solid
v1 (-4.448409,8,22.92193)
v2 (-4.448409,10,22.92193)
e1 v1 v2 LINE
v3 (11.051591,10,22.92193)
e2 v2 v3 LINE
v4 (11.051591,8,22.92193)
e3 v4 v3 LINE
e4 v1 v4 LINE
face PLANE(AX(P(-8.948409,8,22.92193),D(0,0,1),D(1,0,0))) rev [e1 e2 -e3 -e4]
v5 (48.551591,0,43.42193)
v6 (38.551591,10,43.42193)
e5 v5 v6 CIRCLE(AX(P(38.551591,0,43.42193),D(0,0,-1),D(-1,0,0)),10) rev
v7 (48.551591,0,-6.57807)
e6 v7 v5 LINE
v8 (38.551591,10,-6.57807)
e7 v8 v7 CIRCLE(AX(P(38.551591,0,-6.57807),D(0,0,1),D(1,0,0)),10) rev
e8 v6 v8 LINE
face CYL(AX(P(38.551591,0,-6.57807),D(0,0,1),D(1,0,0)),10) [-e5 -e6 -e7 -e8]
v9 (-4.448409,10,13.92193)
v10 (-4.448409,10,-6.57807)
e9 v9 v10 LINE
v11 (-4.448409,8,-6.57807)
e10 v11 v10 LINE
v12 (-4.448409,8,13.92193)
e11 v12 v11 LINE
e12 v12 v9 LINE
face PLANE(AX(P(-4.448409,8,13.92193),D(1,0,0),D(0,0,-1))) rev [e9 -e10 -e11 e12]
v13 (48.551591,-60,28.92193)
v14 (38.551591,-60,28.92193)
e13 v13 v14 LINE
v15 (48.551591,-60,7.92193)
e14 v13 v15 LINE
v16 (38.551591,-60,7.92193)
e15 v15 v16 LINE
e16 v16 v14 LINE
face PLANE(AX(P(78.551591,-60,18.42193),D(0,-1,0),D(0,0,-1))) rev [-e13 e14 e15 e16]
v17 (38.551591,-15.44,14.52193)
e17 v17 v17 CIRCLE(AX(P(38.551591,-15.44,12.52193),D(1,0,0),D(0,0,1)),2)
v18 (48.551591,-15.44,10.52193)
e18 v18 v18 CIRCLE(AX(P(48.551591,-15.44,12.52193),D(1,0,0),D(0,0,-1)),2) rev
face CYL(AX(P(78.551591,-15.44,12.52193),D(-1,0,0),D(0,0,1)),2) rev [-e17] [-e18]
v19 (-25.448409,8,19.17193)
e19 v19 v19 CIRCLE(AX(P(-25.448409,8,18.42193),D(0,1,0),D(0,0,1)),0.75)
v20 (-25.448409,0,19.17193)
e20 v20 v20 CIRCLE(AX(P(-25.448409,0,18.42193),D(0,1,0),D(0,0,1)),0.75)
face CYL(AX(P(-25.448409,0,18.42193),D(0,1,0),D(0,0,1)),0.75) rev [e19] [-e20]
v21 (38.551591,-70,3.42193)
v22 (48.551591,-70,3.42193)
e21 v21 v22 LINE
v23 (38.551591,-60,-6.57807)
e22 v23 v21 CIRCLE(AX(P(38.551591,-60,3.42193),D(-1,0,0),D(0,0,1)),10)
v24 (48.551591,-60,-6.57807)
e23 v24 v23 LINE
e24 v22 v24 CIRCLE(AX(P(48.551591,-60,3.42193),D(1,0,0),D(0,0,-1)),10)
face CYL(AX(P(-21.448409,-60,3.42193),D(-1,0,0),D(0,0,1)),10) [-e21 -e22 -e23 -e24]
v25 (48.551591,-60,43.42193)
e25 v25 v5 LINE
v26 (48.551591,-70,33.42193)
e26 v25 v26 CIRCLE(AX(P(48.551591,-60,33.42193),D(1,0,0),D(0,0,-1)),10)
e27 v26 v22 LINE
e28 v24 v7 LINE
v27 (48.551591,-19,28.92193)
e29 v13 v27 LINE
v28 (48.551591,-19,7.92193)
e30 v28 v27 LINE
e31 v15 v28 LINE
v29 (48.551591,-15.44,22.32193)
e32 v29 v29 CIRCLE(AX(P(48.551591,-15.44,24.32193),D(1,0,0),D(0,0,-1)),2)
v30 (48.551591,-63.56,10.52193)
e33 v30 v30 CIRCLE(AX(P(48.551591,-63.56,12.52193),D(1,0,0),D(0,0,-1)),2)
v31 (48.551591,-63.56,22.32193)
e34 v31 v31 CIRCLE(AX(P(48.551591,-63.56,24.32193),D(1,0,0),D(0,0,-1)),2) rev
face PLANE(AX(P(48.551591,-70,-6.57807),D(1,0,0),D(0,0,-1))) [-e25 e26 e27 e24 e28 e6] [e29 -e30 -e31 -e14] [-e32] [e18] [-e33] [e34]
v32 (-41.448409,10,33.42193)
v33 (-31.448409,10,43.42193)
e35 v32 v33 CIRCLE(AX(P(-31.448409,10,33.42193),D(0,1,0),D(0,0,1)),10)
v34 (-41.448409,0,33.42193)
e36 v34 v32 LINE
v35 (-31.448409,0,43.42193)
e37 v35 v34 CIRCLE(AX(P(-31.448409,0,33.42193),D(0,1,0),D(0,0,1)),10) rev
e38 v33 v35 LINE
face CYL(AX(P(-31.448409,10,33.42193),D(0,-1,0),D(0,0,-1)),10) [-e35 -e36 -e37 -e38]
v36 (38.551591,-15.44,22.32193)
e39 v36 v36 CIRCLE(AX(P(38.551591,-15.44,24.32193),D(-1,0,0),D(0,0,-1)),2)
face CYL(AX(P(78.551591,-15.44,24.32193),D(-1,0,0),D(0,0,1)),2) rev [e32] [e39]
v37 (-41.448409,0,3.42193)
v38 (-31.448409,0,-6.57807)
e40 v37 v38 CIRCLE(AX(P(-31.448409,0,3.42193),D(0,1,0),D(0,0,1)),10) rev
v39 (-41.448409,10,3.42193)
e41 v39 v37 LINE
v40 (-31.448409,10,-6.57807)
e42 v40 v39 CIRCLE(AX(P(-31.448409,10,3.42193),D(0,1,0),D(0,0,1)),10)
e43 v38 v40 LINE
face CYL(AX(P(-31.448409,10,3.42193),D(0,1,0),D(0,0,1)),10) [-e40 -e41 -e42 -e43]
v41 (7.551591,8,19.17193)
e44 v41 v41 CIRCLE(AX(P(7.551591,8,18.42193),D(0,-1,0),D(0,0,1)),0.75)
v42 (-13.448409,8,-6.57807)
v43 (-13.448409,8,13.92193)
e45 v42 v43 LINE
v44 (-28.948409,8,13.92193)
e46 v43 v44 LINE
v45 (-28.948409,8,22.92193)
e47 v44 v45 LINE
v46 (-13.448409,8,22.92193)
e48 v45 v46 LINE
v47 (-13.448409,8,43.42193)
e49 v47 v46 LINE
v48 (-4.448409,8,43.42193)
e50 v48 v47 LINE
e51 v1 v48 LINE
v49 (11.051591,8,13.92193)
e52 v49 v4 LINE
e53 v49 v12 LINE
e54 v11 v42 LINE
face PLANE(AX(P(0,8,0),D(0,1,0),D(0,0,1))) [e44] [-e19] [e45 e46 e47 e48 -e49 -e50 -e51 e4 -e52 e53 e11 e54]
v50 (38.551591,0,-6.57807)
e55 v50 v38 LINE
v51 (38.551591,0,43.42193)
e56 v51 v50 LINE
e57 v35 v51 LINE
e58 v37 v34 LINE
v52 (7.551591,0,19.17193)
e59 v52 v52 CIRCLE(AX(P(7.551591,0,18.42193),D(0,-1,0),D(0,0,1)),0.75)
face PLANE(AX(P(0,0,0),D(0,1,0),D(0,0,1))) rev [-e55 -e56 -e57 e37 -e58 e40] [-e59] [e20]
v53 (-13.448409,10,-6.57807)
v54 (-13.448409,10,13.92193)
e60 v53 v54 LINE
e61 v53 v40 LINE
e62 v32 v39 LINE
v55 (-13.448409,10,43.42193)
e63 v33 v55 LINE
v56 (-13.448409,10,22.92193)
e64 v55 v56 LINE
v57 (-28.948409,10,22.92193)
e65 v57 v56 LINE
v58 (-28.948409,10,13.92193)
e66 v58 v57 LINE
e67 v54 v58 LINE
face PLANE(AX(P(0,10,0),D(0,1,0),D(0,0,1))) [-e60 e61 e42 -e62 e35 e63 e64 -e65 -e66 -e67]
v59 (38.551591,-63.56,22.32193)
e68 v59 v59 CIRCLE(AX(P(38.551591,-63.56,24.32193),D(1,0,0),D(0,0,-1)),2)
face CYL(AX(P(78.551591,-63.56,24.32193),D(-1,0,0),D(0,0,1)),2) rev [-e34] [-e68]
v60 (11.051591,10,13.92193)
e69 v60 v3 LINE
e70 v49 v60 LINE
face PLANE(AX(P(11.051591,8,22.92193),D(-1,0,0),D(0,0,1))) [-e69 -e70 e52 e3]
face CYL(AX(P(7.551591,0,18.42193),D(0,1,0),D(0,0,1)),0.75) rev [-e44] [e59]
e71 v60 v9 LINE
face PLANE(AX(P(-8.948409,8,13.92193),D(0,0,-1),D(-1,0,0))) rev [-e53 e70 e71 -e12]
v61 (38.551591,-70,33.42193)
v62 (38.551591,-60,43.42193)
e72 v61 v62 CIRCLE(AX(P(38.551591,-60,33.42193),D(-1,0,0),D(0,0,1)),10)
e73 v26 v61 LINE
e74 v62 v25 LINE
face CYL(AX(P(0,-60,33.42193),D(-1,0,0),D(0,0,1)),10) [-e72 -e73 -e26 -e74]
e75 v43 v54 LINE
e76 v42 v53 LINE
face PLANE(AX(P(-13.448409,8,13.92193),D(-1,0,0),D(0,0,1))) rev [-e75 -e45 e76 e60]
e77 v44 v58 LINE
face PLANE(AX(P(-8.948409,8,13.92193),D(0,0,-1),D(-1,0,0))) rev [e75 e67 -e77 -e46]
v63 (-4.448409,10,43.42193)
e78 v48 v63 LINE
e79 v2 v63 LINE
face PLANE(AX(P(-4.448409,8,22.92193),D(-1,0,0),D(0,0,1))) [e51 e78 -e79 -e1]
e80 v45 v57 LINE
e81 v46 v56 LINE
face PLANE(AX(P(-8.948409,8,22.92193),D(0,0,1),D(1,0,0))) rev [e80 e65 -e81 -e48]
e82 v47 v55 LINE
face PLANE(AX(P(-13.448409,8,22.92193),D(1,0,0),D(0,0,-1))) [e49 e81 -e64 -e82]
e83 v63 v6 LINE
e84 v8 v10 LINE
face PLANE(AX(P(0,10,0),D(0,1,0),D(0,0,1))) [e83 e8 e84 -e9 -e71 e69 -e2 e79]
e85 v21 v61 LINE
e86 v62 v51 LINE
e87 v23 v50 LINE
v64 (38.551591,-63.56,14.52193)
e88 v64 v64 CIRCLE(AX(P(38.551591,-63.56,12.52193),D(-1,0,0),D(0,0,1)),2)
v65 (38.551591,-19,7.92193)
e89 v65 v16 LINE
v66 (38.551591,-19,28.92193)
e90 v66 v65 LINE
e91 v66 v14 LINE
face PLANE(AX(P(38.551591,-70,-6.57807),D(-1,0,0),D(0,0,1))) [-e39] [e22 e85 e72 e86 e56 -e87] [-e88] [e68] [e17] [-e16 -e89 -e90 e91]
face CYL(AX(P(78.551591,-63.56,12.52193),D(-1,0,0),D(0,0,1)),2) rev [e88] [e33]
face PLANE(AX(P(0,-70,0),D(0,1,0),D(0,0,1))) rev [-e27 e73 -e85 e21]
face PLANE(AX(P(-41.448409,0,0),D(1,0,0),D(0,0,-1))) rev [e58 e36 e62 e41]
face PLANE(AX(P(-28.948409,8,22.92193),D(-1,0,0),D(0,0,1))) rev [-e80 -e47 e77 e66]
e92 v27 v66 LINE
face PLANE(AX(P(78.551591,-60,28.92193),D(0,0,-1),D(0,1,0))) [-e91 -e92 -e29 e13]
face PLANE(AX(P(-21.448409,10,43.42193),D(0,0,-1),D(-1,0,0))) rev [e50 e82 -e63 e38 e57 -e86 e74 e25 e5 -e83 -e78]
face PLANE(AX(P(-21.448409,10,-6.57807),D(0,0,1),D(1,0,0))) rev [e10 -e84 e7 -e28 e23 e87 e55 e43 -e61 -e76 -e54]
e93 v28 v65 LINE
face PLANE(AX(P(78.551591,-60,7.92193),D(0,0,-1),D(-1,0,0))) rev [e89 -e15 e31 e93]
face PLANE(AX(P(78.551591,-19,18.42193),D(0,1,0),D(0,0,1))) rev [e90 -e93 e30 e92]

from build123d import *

# Parameters (mm, degrees)
SKETCH1_W                = 60
SKETCH1_H                = 50
BOSS_EXTRUDE1_DEPTH      = 10
SKETCH3_W                = 50
SKETCH3_H                = 10
BOSS_EXTRUDE2_DEPTH      = 20
SKETCH2_W                = 20
SKETCH2_H                = 9
CUT_EXTRUDE2_DEPTH       = 2
SKETCH5_W                = 9
SKETCH5_H                = 20.5
CUT_EXTRUDE3_DEPTH       = 2
SKETCH6_R                = 0.75
CUT_EXTRUDE4_DEPTH       = 9
SKETCH9_W                = 10
SKETCH9_H                = 50
BOSS_EXTRUDE3_DEPTH      = 80
FILLET1_R                = 10
FILLET2_R                = 10
FILLET3_R                = 10
FILLET4_R                = 10
FILLET5_R                = 10
SKETCH11_W               = 10.5
SKETCH11_H               = 41
CUT_EXTRUDE5_DEPTH       = 40
SKETCH13_R               = 2
CUT_EXTRUDE6_DEPTH       = 40
MIRROR11_COPY_1_SKETCH_R = 2
MIRROR11_COPY_1_DEPTH    = 40


with BuildPart() as part:
    # Sketch1 → Boss-Extrude1 (new body)
    with BuildSketch(Plane(origin=(0, 0, 0), x_dir=(1, 0, 0), z_dir=(0, 1, 0))):
        with Locations((8.551590838, -18.42193)):
            Rectangle(SKETCH1_W, SKETCH1_H)
    extrude(amount=BOSS_EXTRUDE1_DEPTH)

    # Sketch3 → Boss-Extrude2 (add)
    with BuildSketch(Plane.ZY.offset(21.448409162)):
        with Locations((18.42193, 5)):
            Rectangle(SKETCH3_W, SKETCH3_H)
    extrude(amount=BOSS_EXTRUDE2_DEPTH)

    # Sketch2 → Cut-Extrude2 (cut)
    with BuildSketch(Plane(origin=(0, 10, 0), x_dir=(1, 0, 0), z_dir=(0, 1, 0))):
        with Locations((-18.948409162, -18.42193)):
            Rectangle(SKETCH2_W, SKETCH2_H)
    cut_extrude2 = extrude(amount=-CUT_EXTRUDE2_DEPTH, mode=Mode.SUBTRACT)

    # Mirror6: Cut-Extrude2 across plane
    add(cut_extrude2.mirror(Plane(origin=(-8.948409162, 8, 22.92193), x_dir=(0, 0, 1), z_dir=(1, 0, 0))), mode=Mode.SUBTRACT)

    # Sketch5 → Cut-Extrude3 (cut)
    with BuildSketch(Plane(origin=(0, 10, 0), x_dir=(1, 0, 0), z_dir=(0, 1, 0))):
        with Locations((-8.948409162, -3.67193)):
            Rectangle(SKETCH5_W, SKETCH5_H)
    cut_extrude3 = extrude(amount=-CUT_EXTRUDE3_DEPTH, mode=Mode.SUBTRACT)

    # Mirror7: Cut-Extrude3 across plane
    add(cut_extrude3.mirror(Plane.XY.offset(18.42193)), mode=Mode.SUBTRACT)

    # Sketch6 → Cut-Extrude4 (cut, through all)
    with BuildSketch(Plane(origin=(0, 8, 0), x_dir=(1, 0, 0), z_dir=(0, 1, 0))):
        with Locations((-25.448409162, -18.42193)):
            Circle(SKETCH6_R)
    cut_extrude4 = extrude(amount=-CUT_EXTRUDE4_DEPTH, mode=Mode.SUBTRACT)

    # Mirror8: Cut-Extrude4 across plane
    add(cut_extrude4.mirror(Plane(origin=(-8.948409162, 0, 0), x_dir=(0, 0, 1), z_dir=(1, 0, 0))), mode=Mode.SUBTRACT)

    # Sketch9 → Boss-Extrude3 (add)
    with BuildSketch(Plane(origin=(0, 10, 0), x_dir=(1, 0, 0), z_dir=(0, 1, 0))):
        with Locations((43.551590838, -18.42193)):
            Rectangle(SKETCH9_W, SKETCH9_H)
    extrude(amount=-BOSS_EXTRUDE3_DEPTH)

    # Fillet1
    fillet1_edges = [part.edges().sort_by_distance(p)[0] for p in [
        (48.551590838, 10, 18.42193),
    ]]
    fillet(fillet1_edges, radius=FILLET1_R)

    # Fillet2
    fillet2_edges = [part.edges().sort_by_distance(p)[0] for p in [
        (-41.448409162, 5, -6.57807),
    ]]
    fillet(fillet2_edges, radius=FILLET2_R)

    # Fillet3
    fillet3_edges = [part.edges().sort_by_distance(p)[0] for p in [
        (-41.448409162, 5, 43.42193),
    ]]
    fillet(fillet3_edges, radius=FILLET3_R)

    # Fillet4
    fillet4_edges = [part.edges().sort_by_distance(p)[0] for p in [
        (43.551590838, -70, 43.42193),
    ]]
    fillet(fillet4_edges, radius=FILLET4_R)

    # Fillet5
    fillet5_edges = [part.edges().sort_by_distance(p)[0] for p in [
        (43.551590838, -70, -6.57807),
    ]]
    fillet(fillet5_edges, radius=FILLET5_R)

    # Sketch11 → Cut-Extrude5 (cut)
    with BuildSketch(Plane.ZY.offset(-38.551590838)):
        with Locations((13.17193, -39.5)):
            Rectangle(SKETCH11_W, SKETCH11_H)
    cut_extrude5 = extrude(amount=-CUT_EXTRUDE5_DEPTH, mode=Mode.SUBTRACT)

    # Mirror9: Cut-Extrude5 across plane
    add(cut_extrude5.mirror(Plane(origin=(78.551590838, -60, 18.42193), x_dir=(1, 0, 0), z_dir=(0, 0, 1))), mode=Mode.SUBTRACT)

    # Sketch13 → Cut-Extrude6 (cut)
    with BuildSketch(Plane.ZY.offset(-38.551590838)):
        with Locations((12.52193, -63.56)):
            Circle(SKETCH13_R)
    cut_extrude6 = extrude(amount=-CUT_EXTRUDE6_DEPTH, mode=Mode.SUBTRACT)

    # Mirror10: Cut-Extrude6 across plane
    add(cut_extrude6.mirror(Plane.XY.offset(18.42193)), mode=Mode.SUBTRACT)

    # Mirror11: Cut-Extrude6 across plane
    add(cut_extrude6.mirror(Plane.ZX.offset(-39.5)), mode=Mode.SUBTRACT)

    # Mirror11 copy 1 sketch → Mirror11 copy 1 (cut)
    with BuildSketch(Plane(origin=(38.551590838, -79, 36.84386), x_dir=(0, 0, -1), z_dir=(-1, 0, 0))):
        with Locations((12.52193, -63.56)):
            Circle(MIRROR11_COPY_1_SKETCH_R)
    extrude(amount=-MIRROR11_COPY_1_DEPTH, mode=Mode.SUBTRACT)


solid = part.part
